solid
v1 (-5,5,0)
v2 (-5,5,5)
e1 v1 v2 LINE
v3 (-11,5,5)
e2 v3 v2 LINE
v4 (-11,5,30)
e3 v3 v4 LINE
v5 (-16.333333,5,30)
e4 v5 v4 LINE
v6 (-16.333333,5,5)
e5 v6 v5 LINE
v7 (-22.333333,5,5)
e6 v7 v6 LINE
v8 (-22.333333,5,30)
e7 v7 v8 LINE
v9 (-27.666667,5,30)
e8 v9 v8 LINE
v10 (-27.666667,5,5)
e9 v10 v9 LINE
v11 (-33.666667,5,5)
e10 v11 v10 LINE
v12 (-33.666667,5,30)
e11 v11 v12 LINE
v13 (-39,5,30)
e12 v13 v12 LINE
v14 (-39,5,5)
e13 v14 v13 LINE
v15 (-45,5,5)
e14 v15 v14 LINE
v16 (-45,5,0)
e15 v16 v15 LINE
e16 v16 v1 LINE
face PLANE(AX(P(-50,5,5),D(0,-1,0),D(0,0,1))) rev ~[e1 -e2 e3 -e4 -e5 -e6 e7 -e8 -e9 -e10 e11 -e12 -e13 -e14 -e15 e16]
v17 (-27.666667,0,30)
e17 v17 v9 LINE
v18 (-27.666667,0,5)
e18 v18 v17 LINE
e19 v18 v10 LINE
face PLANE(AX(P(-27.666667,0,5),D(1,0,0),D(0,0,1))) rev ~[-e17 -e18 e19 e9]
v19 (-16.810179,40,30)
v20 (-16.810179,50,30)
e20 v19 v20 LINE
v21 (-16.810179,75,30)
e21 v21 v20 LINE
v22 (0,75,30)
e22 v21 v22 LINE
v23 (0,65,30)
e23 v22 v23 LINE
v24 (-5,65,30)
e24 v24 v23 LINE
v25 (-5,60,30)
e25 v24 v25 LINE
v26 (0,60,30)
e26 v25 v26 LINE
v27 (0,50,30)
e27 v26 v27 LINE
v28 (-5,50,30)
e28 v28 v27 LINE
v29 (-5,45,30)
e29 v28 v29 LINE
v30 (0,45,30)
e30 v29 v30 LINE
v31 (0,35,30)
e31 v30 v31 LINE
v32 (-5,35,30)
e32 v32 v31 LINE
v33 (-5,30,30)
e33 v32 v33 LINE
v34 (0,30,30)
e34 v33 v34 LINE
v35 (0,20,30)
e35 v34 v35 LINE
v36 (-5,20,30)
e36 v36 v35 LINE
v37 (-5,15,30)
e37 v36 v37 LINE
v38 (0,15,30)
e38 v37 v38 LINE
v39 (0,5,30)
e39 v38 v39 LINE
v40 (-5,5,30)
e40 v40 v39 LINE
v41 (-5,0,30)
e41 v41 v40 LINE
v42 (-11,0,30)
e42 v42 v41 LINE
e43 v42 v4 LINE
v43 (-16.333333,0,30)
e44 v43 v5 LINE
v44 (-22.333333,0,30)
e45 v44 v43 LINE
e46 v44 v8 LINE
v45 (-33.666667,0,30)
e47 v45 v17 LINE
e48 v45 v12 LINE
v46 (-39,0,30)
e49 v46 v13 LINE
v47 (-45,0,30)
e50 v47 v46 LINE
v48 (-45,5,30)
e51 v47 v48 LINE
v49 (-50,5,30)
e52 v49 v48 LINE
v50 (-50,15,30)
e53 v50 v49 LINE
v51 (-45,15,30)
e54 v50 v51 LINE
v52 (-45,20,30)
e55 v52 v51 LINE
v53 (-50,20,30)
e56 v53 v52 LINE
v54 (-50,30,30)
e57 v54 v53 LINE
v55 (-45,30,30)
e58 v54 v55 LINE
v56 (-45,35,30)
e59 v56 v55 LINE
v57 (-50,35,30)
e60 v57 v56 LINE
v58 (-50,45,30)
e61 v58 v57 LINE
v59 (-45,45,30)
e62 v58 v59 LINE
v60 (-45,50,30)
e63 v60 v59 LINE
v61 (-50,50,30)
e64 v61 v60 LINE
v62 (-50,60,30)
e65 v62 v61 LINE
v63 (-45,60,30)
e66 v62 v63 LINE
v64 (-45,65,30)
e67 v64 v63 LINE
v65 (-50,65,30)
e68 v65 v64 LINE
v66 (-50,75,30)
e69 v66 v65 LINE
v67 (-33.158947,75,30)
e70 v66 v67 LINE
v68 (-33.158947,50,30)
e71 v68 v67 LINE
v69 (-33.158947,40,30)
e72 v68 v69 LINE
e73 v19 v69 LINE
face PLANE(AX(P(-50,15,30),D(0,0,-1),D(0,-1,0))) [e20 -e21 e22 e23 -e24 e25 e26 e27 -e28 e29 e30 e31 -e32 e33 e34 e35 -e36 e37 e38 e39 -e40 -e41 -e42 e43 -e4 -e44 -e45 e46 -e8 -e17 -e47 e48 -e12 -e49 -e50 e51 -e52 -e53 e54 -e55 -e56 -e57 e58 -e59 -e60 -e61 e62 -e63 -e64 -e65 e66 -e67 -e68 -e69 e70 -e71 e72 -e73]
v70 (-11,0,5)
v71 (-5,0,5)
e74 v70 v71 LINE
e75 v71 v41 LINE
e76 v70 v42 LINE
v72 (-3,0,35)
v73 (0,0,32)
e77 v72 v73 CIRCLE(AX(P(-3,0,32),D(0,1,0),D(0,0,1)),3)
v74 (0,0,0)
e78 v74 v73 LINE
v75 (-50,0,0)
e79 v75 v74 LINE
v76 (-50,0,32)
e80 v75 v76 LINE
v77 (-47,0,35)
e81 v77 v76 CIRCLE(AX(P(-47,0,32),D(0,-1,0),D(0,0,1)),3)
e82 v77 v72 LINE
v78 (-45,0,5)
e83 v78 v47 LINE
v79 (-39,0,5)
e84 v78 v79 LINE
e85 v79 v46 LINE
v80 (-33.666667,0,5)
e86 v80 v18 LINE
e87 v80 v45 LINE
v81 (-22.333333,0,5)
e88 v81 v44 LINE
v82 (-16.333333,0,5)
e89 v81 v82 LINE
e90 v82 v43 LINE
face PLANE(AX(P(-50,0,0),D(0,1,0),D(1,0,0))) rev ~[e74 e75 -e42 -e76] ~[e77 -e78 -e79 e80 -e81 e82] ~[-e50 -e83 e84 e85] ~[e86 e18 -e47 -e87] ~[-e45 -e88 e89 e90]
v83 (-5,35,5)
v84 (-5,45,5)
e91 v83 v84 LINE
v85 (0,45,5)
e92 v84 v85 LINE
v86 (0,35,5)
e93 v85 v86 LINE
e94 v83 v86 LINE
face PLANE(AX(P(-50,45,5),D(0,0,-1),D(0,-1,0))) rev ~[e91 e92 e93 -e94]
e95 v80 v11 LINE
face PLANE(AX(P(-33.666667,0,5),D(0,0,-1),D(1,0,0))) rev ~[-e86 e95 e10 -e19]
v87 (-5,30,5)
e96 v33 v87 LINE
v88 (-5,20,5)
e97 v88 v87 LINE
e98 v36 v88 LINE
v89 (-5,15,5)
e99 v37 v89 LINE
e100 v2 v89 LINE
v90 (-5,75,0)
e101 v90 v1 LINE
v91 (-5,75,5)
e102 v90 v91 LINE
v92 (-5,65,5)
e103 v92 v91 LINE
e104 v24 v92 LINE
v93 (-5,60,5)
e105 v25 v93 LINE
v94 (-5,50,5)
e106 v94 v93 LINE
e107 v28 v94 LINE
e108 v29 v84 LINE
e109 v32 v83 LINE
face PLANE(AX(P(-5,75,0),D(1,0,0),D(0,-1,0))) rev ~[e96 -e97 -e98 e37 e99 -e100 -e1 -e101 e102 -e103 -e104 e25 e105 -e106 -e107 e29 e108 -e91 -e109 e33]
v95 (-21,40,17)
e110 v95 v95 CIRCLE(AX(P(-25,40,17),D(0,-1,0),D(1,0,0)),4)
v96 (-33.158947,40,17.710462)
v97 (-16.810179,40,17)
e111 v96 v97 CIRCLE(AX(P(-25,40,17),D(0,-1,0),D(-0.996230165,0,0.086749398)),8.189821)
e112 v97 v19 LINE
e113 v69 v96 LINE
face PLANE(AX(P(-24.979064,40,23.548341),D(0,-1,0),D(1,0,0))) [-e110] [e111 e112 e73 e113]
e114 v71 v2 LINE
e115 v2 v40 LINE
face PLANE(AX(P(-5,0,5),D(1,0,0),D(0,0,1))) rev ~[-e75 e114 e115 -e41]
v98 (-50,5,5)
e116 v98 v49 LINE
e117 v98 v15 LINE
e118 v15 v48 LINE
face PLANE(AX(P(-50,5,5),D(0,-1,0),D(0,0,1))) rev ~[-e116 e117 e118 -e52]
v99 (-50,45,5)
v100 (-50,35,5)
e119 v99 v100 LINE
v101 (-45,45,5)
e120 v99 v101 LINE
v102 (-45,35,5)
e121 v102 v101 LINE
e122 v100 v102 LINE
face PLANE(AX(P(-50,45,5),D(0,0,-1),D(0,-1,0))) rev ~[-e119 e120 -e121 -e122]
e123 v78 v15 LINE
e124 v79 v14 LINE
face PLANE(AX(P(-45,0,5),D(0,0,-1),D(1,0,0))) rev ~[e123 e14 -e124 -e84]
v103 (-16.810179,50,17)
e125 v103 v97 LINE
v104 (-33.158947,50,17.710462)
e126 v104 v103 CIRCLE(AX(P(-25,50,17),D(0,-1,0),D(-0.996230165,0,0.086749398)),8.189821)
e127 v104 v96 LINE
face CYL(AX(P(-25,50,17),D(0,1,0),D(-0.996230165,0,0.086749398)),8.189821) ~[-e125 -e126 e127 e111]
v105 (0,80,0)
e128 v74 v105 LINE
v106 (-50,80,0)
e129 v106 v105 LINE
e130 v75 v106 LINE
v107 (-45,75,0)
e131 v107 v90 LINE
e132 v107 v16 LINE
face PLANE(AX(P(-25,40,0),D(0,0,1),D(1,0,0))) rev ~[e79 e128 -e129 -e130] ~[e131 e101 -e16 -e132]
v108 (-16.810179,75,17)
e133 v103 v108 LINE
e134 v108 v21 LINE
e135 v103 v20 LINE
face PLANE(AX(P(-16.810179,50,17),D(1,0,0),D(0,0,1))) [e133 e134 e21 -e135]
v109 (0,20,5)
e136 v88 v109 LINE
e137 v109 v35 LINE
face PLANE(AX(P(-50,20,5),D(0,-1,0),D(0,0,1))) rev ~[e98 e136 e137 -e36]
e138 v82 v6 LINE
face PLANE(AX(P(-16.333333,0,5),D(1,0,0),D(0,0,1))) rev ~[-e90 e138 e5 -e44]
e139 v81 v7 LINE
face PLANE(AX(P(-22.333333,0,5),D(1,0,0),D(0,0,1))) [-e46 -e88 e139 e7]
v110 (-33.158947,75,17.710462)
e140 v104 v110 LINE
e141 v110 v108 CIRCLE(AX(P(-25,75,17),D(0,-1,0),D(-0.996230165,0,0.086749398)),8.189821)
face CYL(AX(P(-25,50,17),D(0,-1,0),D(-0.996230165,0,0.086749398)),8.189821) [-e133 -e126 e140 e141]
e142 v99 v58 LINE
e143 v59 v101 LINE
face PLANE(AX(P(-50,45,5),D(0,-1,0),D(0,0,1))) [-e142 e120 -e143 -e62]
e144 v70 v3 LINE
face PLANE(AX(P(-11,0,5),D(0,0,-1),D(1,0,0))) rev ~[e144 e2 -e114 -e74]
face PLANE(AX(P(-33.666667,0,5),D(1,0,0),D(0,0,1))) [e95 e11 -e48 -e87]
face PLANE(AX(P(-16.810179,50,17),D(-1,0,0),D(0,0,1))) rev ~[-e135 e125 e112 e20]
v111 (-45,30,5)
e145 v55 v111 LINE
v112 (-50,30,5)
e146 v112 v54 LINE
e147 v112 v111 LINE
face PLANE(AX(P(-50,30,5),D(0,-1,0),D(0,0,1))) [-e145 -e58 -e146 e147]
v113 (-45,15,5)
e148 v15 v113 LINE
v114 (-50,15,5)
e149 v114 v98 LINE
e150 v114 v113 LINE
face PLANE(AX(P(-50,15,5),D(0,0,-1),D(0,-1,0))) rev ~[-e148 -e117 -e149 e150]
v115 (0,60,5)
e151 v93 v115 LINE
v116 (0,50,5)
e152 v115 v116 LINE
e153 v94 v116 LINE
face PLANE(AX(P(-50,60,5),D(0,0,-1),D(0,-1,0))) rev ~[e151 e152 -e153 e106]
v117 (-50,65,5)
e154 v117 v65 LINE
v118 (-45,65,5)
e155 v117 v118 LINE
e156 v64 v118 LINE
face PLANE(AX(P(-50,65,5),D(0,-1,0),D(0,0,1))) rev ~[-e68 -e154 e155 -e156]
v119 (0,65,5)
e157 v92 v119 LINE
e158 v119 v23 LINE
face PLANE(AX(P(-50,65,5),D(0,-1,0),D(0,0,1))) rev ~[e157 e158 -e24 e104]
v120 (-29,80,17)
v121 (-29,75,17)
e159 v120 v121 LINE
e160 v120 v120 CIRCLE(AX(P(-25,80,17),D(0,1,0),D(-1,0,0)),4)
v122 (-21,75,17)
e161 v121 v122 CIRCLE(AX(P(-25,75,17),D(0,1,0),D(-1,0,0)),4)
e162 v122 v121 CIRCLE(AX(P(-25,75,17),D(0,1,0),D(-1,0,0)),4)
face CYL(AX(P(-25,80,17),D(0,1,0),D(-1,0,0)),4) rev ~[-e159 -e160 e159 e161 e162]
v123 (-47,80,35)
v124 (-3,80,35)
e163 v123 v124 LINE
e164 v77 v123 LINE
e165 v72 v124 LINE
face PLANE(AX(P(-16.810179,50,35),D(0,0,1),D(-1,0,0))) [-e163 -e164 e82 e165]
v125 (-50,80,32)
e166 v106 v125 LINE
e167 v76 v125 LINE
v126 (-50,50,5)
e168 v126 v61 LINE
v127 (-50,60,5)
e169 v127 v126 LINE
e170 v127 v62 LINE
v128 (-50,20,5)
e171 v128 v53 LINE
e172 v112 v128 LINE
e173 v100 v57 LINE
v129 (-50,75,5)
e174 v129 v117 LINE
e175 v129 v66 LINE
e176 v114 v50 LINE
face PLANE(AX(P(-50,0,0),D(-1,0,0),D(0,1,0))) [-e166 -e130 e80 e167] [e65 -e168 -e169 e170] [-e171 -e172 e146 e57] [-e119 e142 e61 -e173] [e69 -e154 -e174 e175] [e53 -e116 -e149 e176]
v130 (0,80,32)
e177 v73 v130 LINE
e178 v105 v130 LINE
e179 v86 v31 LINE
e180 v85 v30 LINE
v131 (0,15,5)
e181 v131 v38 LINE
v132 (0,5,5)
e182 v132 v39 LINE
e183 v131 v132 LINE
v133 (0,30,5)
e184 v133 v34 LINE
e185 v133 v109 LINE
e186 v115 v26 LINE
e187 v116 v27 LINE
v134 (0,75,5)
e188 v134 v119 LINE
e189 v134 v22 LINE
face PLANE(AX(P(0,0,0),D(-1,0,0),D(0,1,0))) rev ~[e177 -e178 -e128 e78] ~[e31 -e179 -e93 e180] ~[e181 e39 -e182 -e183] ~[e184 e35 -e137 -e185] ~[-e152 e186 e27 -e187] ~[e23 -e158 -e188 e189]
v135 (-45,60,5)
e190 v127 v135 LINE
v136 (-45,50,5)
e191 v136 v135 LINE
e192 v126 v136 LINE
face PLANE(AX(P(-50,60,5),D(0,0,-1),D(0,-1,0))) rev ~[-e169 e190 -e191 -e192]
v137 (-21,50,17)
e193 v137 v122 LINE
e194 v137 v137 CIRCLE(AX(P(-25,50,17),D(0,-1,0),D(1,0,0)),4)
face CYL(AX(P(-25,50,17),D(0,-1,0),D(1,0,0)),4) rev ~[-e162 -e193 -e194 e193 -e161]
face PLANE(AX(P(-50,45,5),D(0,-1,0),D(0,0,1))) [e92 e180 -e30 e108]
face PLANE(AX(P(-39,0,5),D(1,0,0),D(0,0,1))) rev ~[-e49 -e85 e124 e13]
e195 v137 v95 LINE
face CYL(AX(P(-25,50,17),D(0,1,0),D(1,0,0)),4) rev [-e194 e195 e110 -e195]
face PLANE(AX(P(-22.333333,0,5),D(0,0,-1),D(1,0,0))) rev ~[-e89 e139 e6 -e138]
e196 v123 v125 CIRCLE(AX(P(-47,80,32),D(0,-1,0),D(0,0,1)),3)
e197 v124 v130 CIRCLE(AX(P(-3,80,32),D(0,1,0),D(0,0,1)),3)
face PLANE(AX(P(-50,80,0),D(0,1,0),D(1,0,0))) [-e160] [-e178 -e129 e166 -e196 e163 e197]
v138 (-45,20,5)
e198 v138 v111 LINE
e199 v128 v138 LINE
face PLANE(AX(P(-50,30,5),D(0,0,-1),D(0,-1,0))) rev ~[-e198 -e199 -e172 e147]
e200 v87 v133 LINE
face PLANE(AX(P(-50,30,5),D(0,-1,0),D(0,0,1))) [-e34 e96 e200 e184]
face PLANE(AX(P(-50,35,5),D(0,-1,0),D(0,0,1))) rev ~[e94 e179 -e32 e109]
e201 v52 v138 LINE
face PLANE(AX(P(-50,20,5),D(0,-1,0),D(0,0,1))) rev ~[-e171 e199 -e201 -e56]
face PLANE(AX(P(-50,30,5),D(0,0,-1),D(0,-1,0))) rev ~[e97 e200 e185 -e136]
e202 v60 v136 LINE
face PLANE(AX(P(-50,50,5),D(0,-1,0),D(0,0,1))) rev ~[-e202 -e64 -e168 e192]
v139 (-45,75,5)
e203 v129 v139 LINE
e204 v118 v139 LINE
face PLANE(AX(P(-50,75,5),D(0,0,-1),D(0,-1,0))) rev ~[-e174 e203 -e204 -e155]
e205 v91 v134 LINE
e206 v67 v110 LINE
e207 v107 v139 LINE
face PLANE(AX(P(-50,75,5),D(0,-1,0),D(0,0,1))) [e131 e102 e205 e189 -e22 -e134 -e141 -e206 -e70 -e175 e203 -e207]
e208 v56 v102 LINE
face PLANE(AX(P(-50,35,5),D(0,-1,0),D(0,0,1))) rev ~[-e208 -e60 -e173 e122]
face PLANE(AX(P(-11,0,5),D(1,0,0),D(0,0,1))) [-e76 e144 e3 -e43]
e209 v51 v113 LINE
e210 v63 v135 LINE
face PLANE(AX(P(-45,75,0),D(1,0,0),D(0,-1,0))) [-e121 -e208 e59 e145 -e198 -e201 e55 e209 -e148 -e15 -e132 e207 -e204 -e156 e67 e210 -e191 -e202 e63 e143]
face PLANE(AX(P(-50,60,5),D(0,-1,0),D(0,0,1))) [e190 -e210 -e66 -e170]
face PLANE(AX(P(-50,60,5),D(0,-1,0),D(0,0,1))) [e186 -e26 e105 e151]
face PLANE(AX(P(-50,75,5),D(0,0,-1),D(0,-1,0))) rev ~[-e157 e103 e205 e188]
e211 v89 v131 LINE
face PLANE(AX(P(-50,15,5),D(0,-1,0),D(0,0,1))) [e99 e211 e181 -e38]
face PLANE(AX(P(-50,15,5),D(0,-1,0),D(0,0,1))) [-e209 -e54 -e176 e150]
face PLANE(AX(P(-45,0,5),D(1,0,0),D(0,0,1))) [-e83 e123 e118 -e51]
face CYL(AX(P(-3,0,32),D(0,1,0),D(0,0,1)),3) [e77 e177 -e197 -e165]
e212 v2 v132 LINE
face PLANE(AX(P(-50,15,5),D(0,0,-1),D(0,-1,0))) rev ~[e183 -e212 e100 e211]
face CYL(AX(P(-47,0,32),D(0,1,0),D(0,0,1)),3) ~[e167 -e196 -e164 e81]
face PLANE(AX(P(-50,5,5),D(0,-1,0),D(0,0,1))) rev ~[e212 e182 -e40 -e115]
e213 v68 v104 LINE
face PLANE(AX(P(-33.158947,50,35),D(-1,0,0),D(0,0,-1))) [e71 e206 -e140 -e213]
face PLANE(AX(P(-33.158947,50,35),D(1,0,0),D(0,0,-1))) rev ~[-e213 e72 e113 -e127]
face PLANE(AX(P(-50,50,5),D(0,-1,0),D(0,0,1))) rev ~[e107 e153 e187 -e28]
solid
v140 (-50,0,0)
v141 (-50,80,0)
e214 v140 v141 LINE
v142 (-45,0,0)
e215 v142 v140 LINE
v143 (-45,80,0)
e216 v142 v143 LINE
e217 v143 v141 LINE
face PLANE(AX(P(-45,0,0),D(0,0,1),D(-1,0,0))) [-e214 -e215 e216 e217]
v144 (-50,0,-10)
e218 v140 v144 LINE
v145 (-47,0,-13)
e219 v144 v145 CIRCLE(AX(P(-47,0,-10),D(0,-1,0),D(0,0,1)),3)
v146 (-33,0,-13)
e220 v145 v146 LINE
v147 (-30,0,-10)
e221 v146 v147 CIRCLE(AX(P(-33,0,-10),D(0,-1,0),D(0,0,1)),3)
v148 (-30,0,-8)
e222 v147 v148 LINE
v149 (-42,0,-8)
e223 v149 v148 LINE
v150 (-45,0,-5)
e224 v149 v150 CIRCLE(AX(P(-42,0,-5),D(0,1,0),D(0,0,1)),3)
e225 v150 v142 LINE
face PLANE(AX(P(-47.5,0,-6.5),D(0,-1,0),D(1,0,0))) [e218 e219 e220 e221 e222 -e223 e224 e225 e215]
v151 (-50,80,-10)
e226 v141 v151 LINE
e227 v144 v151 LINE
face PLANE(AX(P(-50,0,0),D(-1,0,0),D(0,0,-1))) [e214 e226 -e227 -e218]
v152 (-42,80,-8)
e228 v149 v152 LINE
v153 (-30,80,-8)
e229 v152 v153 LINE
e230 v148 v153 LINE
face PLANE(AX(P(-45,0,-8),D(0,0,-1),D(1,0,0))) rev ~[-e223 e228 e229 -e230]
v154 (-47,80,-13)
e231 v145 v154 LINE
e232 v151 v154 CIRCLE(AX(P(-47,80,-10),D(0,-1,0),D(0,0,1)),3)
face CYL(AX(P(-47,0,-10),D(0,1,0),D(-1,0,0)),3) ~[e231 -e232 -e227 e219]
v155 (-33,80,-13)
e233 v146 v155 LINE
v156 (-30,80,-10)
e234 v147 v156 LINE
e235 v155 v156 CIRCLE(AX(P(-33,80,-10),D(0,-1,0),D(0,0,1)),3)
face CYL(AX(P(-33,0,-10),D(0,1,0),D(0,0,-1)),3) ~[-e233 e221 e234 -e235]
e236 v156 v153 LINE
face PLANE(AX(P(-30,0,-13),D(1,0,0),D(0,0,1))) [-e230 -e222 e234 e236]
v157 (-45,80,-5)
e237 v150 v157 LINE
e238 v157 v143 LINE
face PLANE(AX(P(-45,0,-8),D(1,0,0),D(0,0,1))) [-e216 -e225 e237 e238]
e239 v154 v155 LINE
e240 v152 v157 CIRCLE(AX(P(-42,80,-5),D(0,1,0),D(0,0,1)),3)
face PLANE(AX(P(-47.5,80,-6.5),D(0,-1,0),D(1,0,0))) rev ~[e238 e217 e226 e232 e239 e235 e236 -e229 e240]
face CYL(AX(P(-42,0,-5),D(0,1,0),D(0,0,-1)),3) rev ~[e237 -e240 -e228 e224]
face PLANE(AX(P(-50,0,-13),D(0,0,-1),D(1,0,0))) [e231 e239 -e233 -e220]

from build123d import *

# Parameters (mm, degrees)
F0_W      = 50
F0_H      = 80
F1_DEPTH  = 35
F2_W      = 40
F2_H      = 70
F3_DEPTH  = 30
F4_R      = 4
F5_DEPTH  = 5
F6_W      = 10
F6_H      = 25
F7_DEPTH  = 50.001
F8_W      = 6
F8_H      = 25
F9_DEPTH  = 5
F11_R     = 4
F12_DEPTH = 10
F13_W     = 15
F13_H     = 5
F14_DEPTH = 80
F15_R     = 3
F15_2_R   = 3
F16_DEPTH = 25


with BuildPart() as f1:
    # F0 (on Top) → F1 (new body)
    with BuildSketch(Plane.XY):
        with Locations((-25, 40)):
            Rectangle(F0_W, F0_H)
    extrude(amount=F1_DEPTH)

    # F2 (on face) → F3 (cut)
    with BuildSketch(Plane(origin=(0, 0, 0), x_dir=(1, 0, 0), z_dir=(0, 0, -1))):
        with Locations((-25, -40)):
            Rectangle(F2_W, F2_H)
    extrude(amount=-F3_DEPTH, mode=Mode.SUBTRACT)

    # F4 (on face) → F5 (cut, through all)
    with BuildSketch(Plane(origin=(0, 80, 0), x_dir=(-1, 0, 0), z_dir=(0, 1, 0))):
        with Locations((25, 17)):
            Circle(F4_R)
    extrude(amount=-F5_DEPTH, mode=Mode.SUBTRACT)

    # F6 (on face) → F7 (cut, through all)
    with BuildSketch(Plane(origin=(-50, 0, 0), x_dir=(0, -1, 0), z_dir=(-1, 0, 0))):
        with Locations((-70, 17.5)):
            Rectangle(F6_W, F6_H)
        with Locations((-55, 17.5)):
            Rectangle(F6_W, F6_H)
        with Locations((-40, 17.5)):
            Rectangle(F6_W, F6_H)
        with Locations((-25, 17.5)):
            Rectangle(F6_W, F6_H)
        with Locations((-10, 17.5)):
            Rectangle(F6_W, F6_H)
    extrude(amount=-F7_DEPTH, mode=Mode.SUBTRACT)

    # F8 (on face) → F9 (cut, through all)
    with BuildSketch(Plane.XZ):
        with Locations((-42, 17.5)):
            Rectangle(F8_W, F8_H)
        with Locations((-30.666667, 17.5)):
            Rectangle(F8_W, F8_H)
        with Locations((-19.333333, 17.5)):
            Rectangle(F8_W, F8_H)
        with Locations((-8, 17.5)):
            Rectangle(F8_W, F8_H)
    extrude(amount=-F9_DEPTH, mode=Mode.SUBTRACT)

    # F11 (on offset) → F12 (join)
    with BuildSketch(Plane.XZ.offset(-50)):
        with BuildLine():
            Line((-33.158947, 35), (-33.158947, 17.710462))
            ThreePointArc((-33.158947, 17.710462), (-25.355566, 8.817901), (-16.810179, 17))
            Line((-16.810179, 17), (-16.810179, 35))
            Line((-16.810179, 35), (-33.158947, 35))
        make_face()
        with Locations((-25, 17)):
            Circle(F11_R, mode=Mode.SUBTRACT)
    extrude(amount=F12_DEPTH)

    # F15#2
    f15_2_edges = [f1.edges().sort_by_distance(p)[0] for p in [
        (-50, 40, 35),
        (0, 40, 35),
    ]]
    fillet(f15_2_edges, radius=F15_2_R)

    # F11 (on offset) → F16 (join)
    with BuildSketch(Plane.XZ.offset(-50)):
        with BuildLine():
            Line((-33.158947, 35), (-33.158947, 17.710462))
            ThreePointArc((-33.158947, 17.710462), (-25.355566, 8.817901), (-16.810179, 17))
            Line((-16.810179, 17), (-16.810179, 35))
            Line((-16.810179, 35), (-33.158947, 35))
        make_face()
        with Locations((-25, 17)):
            Circle(F11_R, mode=Mode.SUBTRACT)
    extrude(amount=-F16_DEPTH)


with BuildPart() as f14:
    # F13 (on Front) → F14 (new body)
    with BuildSketch(Plane.XZ):
        Polygon((-45, -8), (-45, 0), (-50, 0), (-50, -13), (-45, -13), align=None)
        with Locations((-37.5, -10.5)):
            Rectangle(F13_W, F13_H)
    extrude(amount=-F14_DEPTH)

    # F15
    f15_edges = [f14.edges().sort_by_distance(p)[0] for p in [
        (-45, 40, -8),
        (-50, 40, -13),
        (-30, 40, -13),
    ]]
    fillet(f15_edges, radius=F15_R)


solid = Compound([f1.part, f14.part])
